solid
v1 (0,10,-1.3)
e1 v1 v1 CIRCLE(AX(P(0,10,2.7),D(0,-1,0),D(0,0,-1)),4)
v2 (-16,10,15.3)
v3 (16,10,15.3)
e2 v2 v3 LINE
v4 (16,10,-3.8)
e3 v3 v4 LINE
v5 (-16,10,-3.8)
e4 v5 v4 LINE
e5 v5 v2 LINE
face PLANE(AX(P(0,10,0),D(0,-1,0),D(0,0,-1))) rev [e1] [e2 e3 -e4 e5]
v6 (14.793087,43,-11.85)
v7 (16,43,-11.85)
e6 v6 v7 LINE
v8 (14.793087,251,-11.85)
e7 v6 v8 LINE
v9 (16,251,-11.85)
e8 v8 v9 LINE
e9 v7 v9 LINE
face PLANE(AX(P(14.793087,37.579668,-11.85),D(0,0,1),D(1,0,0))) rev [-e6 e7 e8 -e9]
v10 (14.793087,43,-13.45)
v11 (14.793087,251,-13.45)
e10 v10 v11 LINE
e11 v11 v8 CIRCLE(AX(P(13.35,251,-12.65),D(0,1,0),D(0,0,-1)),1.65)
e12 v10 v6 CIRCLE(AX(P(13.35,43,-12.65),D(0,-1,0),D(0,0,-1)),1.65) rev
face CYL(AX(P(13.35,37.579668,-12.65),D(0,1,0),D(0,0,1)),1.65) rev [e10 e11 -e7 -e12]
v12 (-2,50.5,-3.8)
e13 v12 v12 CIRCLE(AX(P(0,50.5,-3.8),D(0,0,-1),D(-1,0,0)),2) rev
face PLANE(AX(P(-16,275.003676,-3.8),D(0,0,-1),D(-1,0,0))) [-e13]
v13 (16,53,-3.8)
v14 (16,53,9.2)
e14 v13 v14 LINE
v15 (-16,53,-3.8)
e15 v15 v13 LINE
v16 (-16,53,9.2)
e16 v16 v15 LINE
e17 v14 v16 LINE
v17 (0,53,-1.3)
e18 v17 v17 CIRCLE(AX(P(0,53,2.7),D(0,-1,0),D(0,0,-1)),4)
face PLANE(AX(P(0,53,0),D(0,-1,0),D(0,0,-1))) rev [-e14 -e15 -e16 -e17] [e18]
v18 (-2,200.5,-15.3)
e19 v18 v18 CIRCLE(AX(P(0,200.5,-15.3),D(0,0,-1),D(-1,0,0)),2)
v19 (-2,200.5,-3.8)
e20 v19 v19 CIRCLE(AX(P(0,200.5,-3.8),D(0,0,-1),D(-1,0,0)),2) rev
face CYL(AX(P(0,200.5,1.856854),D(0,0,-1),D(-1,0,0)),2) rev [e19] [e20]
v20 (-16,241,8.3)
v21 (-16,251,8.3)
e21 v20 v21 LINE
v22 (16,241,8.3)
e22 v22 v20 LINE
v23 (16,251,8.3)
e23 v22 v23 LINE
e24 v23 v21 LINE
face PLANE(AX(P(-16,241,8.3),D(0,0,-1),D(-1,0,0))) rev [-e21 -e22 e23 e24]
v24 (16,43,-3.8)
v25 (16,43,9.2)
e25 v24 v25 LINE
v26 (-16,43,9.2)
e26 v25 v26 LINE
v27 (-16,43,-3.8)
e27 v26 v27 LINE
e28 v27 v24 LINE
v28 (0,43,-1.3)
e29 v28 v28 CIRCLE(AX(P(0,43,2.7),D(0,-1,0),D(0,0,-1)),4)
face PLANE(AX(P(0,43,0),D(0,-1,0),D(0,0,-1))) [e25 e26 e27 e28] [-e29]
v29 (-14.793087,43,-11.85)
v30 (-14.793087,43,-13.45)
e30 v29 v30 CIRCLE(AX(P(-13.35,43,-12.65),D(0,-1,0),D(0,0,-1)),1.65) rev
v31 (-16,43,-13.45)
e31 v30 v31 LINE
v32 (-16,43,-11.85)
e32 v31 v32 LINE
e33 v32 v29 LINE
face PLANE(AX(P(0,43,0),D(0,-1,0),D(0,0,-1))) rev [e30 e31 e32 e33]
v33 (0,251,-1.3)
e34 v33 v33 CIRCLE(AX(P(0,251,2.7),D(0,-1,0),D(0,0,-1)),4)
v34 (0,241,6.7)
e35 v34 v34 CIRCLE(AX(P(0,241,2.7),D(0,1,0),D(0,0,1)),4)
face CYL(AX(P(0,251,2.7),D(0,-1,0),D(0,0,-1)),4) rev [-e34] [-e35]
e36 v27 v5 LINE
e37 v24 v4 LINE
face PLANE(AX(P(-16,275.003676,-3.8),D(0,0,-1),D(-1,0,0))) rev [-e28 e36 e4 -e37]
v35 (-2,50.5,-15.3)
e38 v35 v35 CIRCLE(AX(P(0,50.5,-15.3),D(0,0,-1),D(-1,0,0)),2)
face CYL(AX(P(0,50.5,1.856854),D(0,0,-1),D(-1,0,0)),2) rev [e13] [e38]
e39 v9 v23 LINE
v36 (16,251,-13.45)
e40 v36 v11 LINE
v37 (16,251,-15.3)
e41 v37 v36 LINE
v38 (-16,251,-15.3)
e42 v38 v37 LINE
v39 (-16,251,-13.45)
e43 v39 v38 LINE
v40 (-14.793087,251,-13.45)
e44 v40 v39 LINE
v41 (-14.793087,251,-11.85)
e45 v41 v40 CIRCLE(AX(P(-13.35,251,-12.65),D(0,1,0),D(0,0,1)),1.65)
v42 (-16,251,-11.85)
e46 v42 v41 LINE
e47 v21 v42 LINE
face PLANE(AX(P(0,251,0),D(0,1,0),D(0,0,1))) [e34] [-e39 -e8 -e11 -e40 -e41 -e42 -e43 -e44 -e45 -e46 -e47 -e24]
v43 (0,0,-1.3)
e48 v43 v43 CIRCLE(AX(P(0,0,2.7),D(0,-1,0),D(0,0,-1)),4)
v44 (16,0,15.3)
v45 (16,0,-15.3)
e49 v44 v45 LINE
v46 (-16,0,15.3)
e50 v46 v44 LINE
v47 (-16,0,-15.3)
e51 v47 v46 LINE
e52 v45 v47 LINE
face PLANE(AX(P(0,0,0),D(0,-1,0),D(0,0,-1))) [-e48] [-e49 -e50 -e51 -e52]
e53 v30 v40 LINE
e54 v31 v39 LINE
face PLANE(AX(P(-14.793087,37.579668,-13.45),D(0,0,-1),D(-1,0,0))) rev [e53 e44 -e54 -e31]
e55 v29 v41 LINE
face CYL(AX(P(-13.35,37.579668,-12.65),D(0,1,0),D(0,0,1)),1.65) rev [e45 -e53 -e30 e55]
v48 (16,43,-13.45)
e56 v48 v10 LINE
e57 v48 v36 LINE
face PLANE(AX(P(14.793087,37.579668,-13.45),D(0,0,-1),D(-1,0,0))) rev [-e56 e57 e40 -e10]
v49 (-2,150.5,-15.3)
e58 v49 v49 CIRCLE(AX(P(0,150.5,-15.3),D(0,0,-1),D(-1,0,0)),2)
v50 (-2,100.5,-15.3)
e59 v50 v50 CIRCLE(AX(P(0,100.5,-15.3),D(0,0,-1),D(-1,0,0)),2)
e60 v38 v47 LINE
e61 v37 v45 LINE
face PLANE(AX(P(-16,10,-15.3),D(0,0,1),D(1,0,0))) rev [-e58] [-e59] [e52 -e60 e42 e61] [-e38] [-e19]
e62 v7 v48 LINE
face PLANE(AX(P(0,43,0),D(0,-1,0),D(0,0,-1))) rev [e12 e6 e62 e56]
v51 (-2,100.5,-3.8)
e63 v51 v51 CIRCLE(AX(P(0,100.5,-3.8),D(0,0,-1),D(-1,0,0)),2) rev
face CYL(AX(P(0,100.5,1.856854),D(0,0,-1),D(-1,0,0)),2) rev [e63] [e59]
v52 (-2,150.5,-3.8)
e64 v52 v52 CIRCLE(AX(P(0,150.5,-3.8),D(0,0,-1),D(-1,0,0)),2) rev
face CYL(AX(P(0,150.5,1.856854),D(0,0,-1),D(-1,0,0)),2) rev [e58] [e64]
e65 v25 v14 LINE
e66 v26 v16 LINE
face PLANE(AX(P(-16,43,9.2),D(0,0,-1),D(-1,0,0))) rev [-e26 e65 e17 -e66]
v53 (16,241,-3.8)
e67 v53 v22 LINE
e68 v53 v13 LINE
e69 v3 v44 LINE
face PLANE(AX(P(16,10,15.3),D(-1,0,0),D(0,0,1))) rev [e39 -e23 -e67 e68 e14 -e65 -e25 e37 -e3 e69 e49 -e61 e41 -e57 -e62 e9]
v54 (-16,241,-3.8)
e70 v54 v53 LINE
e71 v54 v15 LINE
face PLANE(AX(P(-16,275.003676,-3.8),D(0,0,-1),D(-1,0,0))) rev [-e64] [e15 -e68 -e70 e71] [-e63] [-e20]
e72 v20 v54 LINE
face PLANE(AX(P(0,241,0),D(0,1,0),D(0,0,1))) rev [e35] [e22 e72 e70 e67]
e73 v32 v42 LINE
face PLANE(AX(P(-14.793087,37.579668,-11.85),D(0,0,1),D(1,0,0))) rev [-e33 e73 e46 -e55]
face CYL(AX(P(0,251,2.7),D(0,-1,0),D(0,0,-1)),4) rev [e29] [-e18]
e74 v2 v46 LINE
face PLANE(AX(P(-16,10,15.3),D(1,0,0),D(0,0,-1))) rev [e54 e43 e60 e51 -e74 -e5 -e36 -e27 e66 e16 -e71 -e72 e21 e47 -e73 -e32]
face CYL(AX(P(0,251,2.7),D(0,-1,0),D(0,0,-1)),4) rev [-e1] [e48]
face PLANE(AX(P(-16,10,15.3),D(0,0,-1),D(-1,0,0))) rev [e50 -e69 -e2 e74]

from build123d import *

# Parameters (mm, degrees)
SKETCH1_W               = 32
SKETCH1_H               = 30.6
BOSS_EXTRUDE1_DEPTH     = 10
SKETCH3_W               = 32
SKETCH3_H               = 23.6
BOSS_EXTRUDE2_DEPTH     = 10
SKETCH2_W               = 32
SKETCH2_H               = 11.5
BOSS_EXTRUDE3_DEPTH     = 231
SKETCH4_W               = 32
SKETCH4_H               = 13
BOSS_EXTRUDE4_DEPTH     = 10
CUT_EXTRUDE1_DEPTH      = 210.174783375
CUT_EXTRUDE1_DEPTH_BACK = 210.174783375
SKETCH5_R               = 4
SKETCH6_R               = 2
CUT_EXTRUDE2_DEPTH      = 11.5
CUT_EXTRUDE3_DEPTH      = 208


with BuildPart() as part:
    # Sketch1 → Boss-Extrude1 (new body)
    with BuildSketch(Plane(origin=(0, 0, 0), x_dir=(1, 0, 0), z_dir=(0, 1, 0))):
        Rectangle(SKETCH1_W, SKETCH1_H)
    extrude(amount=BOSS_EXTRUDE1_DEPTH)



with BuildPart() as body_2:
    # Sketch3 → Boss-Extrude2 (new body)
    with BuildSketch(Plane(origin=(0, 251, 0), x_dir=(-1, 0, 0), z_dir=(0, -1, 0))):
        with Locations((0, 3.5)):
            Rectangle(SKETCH3_W, SKETCH3_H)
    extrude(amount=BOSS_EXTRUDE2_DEPTH)


with BuildPart() as part_1:
    add(part.part)

    add(body_2.part)  # Boss-Extrude3 merges body 2
    # Sketch2 → Boss-Extrude3 (add)
    with BuildSketch(Plane(origin=(0, 10, 0), x_dir=(1, 0, 0), z_dir=(0, 1, 0))):
        with Locations((0, 9.55)):
            Rectangle(SKETCH2_W, SKETCH2_H)
    extrude(amount=BOSS_EXTRUDE3_DEPTH)

    # Sketch4 → Boss-Extrude4 (add)
    with BuildSketch(Plane(origin=(0, 53, 0), x_dir=(-1, 0, 0), z_dir=(0, -1, 0))):
        with Locations((0, -2.7)):
            Rectangle(SKETCH4_W, SKETCH4_H)
    extrude(amount=BOSS_EXTRUDE4_DEPTH)

    # Sketch5 → Cut-Extrude1 (cut, two sides: drawn at the far end of the back side and taken through both)
    with BuildSketch(Plane.XZ.offset(-43).offset(-CUT_EXTRUDE1_DEPTH_BACK)):
        with Locations(Location((0, 2.7, 0), (0, 0, 270))):
            Circle(SKETCH5_R)
    extrude(amount=CUT_EXTRUDE1_DEPTH + CUT_EXTRUDE1_DEPTH_BACK, mode=Mode.SUBTRACT)

    # Sketch6 → Cut-Extrude2 (cut)
    with BuildSketch(Plane(origin=(0, 0, -15.3), x_dir=(-1, 0, 0), z_dir=(0, 0, -1))):
        with Locations((0, 50.5)):
            Circle(SKETCH6_R)
        with Locations((0, 100.5)):
            Circle(SKETCH6_R)
        with Locations((0, 150.5)):
            Circle(SKETCH6_R)
        with Locations((0, 200.5)):
            Circle(SKETCH6_R)
    extrude(amount=-CUT_EXTRUDE2_DEPTH, mode=Mode.SUBTRACT)

    # Sketch7 → Cut-Extrude3 (cut)
    with BuildSketch(Plane(origin=(0, 251, 0), x_dir=(1, 0, 0), z_dir=(0, 1, 0))):
        with BuildLine():
            Line((-16, 11.85), (-16, 13.45))
            Line((-16, 13.45), (-14.793086969, 13.45))
            ThreePointArc((-14.793086969, 13.45), (-11.7, 12.65), (-14.793086969, 11.85))
            Line((-14.793086969, 11.85), (-16, 11.85))
        make_face()
        with BuildLine():
            Line((14.793086969, 13.45), (16, 13.45))
            Line((16, 13.45), (16, 11.85))
            Line((16, 11.85), (14.793086969, 11.85))
            ThreePointArc((14.793086969, 11.85), (11.7, 12.65), (14.793086969, 13.45))
        make_face()
    extrude(amount=-CUT_EXTRUDE3_DEPTH, mode=Mode.SUBTRACT)


solid = part_1.part
